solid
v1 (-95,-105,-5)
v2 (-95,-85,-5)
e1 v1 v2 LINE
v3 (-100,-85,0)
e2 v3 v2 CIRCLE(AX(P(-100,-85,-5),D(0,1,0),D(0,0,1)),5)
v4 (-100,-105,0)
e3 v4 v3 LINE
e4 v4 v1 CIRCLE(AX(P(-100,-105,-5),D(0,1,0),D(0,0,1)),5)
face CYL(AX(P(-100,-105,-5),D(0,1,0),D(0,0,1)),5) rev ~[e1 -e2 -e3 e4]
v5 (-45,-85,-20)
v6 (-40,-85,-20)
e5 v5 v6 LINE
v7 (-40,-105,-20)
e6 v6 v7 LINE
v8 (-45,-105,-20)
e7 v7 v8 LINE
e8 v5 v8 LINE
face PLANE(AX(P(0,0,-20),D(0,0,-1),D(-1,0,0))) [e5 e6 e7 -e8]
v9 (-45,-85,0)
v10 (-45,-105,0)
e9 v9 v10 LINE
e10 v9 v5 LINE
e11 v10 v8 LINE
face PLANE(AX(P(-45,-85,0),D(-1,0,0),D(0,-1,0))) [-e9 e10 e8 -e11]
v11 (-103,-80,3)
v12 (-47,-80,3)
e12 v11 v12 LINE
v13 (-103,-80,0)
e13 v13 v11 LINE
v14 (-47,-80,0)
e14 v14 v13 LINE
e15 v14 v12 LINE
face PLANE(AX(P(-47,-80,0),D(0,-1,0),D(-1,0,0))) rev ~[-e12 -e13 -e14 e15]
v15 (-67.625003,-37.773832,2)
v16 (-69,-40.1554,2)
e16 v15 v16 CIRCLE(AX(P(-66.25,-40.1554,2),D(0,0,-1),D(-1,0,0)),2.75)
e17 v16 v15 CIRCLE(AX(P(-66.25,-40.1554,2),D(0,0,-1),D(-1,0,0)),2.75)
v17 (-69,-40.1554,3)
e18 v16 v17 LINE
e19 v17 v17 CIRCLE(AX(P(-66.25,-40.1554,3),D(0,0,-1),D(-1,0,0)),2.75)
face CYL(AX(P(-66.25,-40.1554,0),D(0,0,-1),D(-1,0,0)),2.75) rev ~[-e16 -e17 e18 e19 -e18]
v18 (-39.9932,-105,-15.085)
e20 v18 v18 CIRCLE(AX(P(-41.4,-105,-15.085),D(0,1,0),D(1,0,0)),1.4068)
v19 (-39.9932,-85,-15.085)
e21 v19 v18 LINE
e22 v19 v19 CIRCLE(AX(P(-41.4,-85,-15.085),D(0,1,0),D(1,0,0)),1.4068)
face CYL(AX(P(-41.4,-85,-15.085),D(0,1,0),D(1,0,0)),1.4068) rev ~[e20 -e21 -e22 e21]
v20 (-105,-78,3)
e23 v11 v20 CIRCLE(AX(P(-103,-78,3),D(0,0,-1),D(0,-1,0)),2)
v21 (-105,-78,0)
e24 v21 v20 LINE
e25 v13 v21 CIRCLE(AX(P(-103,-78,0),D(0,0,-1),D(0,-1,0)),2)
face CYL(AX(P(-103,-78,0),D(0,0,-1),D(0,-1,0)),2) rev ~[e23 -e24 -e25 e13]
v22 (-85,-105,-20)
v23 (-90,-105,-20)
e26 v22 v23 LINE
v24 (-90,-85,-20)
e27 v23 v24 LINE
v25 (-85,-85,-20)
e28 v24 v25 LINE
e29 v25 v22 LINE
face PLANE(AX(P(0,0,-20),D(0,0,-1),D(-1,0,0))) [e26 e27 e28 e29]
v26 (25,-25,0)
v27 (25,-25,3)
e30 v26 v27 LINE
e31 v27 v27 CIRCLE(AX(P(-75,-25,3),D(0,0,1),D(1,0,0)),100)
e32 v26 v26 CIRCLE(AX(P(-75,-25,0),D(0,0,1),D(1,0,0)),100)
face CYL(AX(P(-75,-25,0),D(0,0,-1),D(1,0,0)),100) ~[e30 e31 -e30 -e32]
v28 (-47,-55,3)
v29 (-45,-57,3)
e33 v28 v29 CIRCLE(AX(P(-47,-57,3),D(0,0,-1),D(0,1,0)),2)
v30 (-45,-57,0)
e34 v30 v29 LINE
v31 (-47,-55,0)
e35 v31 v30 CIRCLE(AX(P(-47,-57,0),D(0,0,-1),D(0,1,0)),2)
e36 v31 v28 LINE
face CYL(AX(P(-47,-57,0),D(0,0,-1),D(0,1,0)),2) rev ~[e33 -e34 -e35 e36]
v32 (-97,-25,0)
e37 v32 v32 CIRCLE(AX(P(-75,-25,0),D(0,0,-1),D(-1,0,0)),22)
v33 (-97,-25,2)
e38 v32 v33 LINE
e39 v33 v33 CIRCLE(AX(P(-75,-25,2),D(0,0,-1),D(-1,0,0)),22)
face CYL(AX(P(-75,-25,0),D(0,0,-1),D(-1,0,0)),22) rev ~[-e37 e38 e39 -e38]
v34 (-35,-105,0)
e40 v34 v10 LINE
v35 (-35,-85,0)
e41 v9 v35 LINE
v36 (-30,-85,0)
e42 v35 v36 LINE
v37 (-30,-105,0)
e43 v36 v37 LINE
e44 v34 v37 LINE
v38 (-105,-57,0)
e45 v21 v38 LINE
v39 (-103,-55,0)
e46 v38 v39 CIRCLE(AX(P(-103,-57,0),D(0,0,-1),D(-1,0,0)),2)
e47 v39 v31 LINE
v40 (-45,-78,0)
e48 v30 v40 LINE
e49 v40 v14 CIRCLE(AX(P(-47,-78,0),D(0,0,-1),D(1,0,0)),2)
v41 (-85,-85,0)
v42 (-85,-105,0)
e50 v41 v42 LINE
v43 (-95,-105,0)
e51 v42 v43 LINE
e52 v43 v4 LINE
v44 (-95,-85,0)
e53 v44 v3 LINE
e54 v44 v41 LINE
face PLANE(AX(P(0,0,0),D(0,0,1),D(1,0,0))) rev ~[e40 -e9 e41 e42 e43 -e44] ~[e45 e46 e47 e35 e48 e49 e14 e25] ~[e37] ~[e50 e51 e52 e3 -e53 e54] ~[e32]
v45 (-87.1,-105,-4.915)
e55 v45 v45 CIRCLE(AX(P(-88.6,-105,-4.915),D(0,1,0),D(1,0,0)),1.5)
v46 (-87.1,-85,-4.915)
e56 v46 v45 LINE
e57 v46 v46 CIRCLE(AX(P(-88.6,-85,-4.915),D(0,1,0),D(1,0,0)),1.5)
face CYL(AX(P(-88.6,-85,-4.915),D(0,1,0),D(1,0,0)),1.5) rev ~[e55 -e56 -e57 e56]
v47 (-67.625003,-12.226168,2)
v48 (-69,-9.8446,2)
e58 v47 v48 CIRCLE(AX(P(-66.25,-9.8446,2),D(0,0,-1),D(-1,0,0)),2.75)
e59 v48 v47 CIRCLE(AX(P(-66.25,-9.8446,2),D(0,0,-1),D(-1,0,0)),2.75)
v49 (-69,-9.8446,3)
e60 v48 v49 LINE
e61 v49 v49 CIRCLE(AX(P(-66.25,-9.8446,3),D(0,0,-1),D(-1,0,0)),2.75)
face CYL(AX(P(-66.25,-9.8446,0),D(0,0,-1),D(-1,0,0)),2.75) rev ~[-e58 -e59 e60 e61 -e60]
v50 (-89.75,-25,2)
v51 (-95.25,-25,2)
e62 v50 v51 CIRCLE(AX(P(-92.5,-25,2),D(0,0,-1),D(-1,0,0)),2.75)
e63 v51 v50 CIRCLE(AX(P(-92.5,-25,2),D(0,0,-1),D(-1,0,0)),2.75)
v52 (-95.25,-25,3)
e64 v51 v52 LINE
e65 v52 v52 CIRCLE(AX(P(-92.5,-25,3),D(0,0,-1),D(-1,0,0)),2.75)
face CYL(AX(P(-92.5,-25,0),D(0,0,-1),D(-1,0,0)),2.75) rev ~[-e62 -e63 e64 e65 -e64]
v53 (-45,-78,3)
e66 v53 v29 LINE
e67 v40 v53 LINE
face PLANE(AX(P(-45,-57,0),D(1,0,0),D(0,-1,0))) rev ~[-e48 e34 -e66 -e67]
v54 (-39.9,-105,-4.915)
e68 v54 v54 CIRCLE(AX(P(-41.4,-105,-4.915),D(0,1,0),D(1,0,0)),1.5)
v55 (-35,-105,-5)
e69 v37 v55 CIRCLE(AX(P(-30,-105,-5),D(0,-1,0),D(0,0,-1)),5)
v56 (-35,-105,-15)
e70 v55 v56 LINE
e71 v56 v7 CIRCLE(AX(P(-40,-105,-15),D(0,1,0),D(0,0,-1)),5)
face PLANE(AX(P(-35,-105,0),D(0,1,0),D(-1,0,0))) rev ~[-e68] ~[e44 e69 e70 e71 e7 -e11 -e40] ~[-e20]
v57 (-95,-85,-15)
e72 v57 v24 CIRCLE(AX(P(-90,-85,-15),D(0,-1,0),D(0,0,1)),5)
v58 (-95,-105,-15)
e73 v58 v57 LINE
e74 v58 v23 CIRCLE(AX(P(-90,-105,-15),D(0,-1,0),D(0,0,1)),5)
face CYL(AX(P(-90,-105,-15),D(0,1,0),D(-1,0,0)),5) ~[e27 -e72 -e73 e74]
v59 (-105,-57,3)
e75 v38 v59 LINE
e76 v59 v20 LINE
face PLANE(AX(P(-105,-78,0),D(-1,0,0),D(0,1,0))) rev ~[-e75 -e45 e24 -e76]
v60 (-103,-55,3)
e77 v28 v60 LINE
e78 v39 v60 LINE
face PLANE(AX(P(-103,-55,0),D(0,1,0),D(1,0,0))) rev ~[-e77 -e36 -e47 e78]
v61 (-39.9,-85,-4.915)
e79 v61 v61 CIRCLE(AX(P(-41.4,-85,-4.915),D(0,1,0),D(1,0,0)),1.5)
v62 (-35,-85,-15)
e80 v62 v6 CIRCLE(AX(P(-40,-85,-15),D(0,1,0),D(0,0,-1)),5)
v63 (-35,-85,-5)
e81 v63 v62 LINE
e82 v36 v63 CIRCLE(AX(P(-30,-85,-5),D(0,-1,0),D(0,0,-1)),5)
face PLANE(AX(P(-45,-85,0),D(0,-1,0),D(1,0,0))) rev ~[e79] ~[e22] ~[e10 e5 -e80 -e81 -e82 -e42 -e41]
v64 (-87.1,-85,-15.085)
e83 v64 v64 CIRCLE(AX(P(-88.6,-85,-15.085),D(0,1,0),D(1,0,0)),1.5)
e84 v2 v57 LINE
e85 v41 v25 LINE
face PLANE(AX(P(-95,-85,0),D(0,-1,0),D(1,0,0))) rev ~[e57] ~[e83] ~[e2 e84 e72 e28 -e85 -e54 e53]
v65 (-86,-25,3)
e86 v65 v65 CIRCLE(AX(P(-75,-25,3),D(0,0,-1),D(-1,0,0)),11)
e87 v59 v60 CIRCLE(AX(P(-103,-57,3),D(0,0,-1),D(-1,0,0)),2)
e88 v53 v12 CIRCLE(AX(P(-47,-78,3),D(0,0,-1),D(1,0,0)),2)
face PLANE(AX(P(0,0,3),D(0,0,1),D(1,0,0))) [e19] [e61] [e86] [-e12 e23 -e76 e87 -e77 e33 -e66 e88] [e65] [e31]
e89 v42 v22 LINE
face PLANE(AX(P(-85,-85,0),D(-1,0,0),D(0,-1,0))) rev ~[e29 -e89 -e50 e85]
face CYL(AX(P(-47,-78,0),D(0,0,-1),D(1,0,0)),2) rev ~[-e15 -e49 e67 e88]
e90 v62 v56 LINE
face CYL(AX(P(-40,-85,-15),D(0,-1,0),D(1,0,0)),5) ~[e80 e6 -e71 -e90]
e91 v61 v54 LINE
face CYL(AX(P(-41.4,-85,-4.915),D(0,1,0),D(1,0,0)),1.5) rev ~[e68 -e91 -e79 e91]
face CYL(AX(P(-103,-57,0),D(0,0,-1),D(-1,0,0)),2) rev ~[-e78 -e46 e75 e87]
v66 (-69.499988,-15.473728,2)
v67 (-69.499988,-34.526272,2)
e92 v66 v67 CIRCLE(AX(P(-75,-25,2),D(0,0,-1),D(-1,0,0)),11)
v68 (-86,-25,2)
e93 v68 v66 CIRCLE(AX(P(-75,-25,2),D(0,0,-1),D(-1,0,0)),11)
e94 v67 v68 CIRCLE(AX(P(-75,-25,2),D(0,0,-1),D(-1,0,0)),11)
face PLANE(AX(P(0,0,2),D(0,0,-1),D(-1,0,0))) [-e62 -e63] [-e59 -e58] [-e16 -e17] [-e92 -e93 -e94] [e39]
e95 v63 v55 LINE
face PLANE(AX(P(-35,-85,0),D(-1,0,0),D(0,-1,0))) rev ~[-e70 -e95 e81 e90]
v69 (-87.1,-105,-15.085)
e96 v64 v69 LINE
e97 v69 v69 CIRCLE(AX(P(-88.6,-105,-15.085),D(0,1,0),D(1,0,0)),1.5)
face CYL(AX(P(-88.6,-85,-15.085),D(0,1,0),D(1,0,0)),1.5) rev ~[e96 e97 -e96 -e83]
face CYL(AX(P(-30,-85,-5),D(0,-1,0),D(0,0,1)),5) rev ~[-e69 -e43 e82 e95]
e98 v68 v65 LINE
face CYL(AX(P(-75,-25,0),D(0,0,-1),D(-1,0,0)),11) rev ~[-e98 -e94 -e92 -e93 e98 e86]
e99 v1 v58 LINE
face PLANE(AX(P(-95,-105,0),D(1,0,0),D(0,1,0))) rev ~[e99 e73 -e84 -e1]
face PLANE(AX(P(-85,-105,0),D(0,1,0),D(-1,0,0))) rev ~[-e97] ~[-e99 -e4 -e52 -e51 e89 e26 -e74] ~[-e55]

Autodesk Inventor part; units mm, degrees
ref_plane "YZ Plane" through (0, 0, 0) normal (1, 0, 0) x (0, 1, 0)
ref_plane "XZ Plane" through (0, 0, 0) normal (0, 1, 0) x (-1, 0, 0)
ref_plane "XY Plane" through (0, 0, 0) normal (0, 0, 1) x (1, 0, 0)
ref_plane "Work Plane1" through (0, 0, 0) normal (0, 0, 1) x (1, 0, 0)
ref_plane "Work Plane2" through (0, 0, 0) normal (0, 0, 1) x (1, 0, 0)
sketch "Sketch3" plane through (0, 0, 0) normal (0, 0, 1) x (1, 0, 0)
  circle A0 centre (-75, -25) radius 100 projected
  circle A1 centre (-75, -25) radius 95 projected
  point P0 (-75, -25)
  point P1 (-75, -25)
  point P2 (-75, -25)
  point P3 (-75, -25)
extrude "Extrusion3" add sketch "Sketch3" along normal blind 3 contours A0 | A1
sketch "Sketch9" plane through (0, 0, 0) normal (0, 0, -1) x (-1, 0, 0)
  line L0 (115, -125) -> (35, -125) projected
  line L1 (35, -105) -> (95, -105)
  line L2 (95, -105) -> (95, -85)
  line L3 (95, -85) -> (35, -85)
  line L4 (35, -85) -> (35, -105)
  line L5 (35, -105) -> (95, -85) construction
  line L6 (95, -105) -> (35, -85) construction
  arc A0 (120.4545, -114.0724) -> (120.4545, 64.0724) centre (75, -25) ccw projected
  line L7 (85, -85) -> (85, -105)
  line L8 (45, -85) -> (45, -105)
  point P0 (0, 0)
  point P1 (105.3097, -125)
  point P2 (44.6903, -125)
  point P3 (65, -95)
  point P4 (111.3636, 68.1541)
  point P5 (111.3636, -118.1541)
  point P6 (95, -95)
  point P7 (85, -95)
  point P8 (35, -95)
  point P9 (45, -95)
  dimension "d48" = 60
  dimension "d49" = 20
  dimension "d53" = 10
  dimension "d54" = 10
  dimension "d56" = 20
  dimension "d57" = 20
extrude "Extrusion10" add sketch "Sketch9" along normal blind 20 contours L4 L3 L8 L1 | L7 L3 L2 L1
sketch "Sketch11" plane through (-45, -85, 0) normal (0, 1, 0) x (1, 0, 0)
  circle A0 centre (3.6, 4.915) radius 1.5
  line L0 (0, 20) -> (10, 20) projected
  line L1 (0, 0) -> (0, 20) projected
  circle A1 centre (-43.6, 4.915) radius 1.5
  line L2 (-50, 20) -> (-40, 20) projected
  line L3 (-40, 0) -> (-40, 20) projected
  line L4 (10, 0) -> (-70, 0) projected
  circle A2 centre (3.6, 15.085) radius 1.4068
  circle A3 centre (-43.6, 15.085) radius 1.5
  point P0 (45, 0)
  point P1 (5, 20)
  point P2 (0.3097, 0)
  point P3 (-60.3097, 0)
  dimension "d58" = 3
  dimension "d60" = 3.6
  dimension "d61" = 3
  dimension "d63" = 3.6
  dimension "d66" = 4.915
  dimension "d67" = 4.915
  dimension "d91" = 10.17
  dimension "d92" = 3
  dimension "d94" = 10.17
extrude "Extrusion12" cut sketch "Sketch11" against normal blind 20
sketch "Sketch12" plane through (0, 0, 0) normal (0, 0, -1) x (-1, 0, 0)
  line L0 (35, -105) -> (35, -85) projected
  line L1 (35, -85) -> (45, -85) projected
  line L2 (45, -85) -> (45, -105) projected
  line L3 (45, -105) -> (35, -105) projected
  line L4 (95, -85) -> (95, -105) projected
  line L5 (95, -105) -> (85, -105) projected
  line L6 (85, -105) -> (85, -85) projected
  line L7 (85, -85) -> (95, -85) projected
  circle A0 centre (75, -25) radius 11
  circle A1 centre (75, -25) radius 22
  circle A2 centre (75, -25) radius 100 projected
  line L8 (75, -25) -> (92.5, -25)
  circle A3 centre (92.5, -25) radius 2.75
  line L9 (75, -25) -> (66.25, -9.8446)
  circle A4 centre (66.25, -9.8446) radius 2.75
  line L10 (75, -25) -> (66.25, -40.1554)
  circle A5 centre (66.25, -40.1554) radius 2.75
  point P0 (0, 0)
  point P1 (38.6364, 68.1541)
  point P2 (38.6364, -118.1541)
  dimension "d70" = 22
  dimension "d71" = 44
  dimension "d76" = 17.5
  dimension "d77" = 5.5
extrude "Extrusion13" cut sketch "Sketch12" against normal blind 35 contours L8 L9 A0 | A0 L10 L8 | L9 L10 A0
extrude "Extrusion14" cut sketch "Sketch12" against normal blind 2 contours A5 | A4 | A3 | A1
extrude "Extrusion15" cut sketch "Sketch12" against normal blind 3 contours A5 | A4 | A3
sketch "Sketch13" plane through (0, 0, 0) normal (0, 0, -1) x (-1, 0, 0)
  point P0 (0, 0)
sketch "Sketch14" plane through (0, 0, 0) normal (0, 0, -1) x (-1, 0, 0)
  line L0 (47, -80) -> (103, -80)
  line L1 (105, -78) -> (105, -57)
  line L2 (103, -55) -> (47, -55)
  line L3 (45, -57) -> (45, -78)
  line L4 (115, -125) -> (35, -125) projected
  circle A0 centre (75, -25) radius 11 projected
  arc A1 (47, -55) -> (45, -57) centre (47, -57) ccw
  arc A2 (103, -80) -> (105, -78) centre (103, -78) ccw
  arc A3 (47, -55) -> (45, -57) centre (47, -57) ccw
  arc A4 (45, -78) -> (47, -80) centre (47, -78) ccw
  arc A5 (105, -57) -> (103, -55) centre (103, -57) ccw
  point P0 (0, 0)
  point P1 (105, -55)
  point P2 (105, -80)
  point P3 (45, -55)
  point P4 (105.3097, -125)
  point P5 (44.6903, -125)
  dimension "d84" = 60
  dimension "d85" = 25
  dimension "d86" = 45
  dimension "d87" = 30
  dimension "d88" = 2
extrude "Extrusion16" cut sketch "Sketch14" against normal blind 20 contours A4 L3 A1 L2 A5 L1 A2 L0
fillet "Fillet1" radius 5 4 edges at (-35, -95, -20) (-35, -95, 0) (-95, -95, 0) (-95, -95, -20)
properties part number "Pokrywa_góra"
